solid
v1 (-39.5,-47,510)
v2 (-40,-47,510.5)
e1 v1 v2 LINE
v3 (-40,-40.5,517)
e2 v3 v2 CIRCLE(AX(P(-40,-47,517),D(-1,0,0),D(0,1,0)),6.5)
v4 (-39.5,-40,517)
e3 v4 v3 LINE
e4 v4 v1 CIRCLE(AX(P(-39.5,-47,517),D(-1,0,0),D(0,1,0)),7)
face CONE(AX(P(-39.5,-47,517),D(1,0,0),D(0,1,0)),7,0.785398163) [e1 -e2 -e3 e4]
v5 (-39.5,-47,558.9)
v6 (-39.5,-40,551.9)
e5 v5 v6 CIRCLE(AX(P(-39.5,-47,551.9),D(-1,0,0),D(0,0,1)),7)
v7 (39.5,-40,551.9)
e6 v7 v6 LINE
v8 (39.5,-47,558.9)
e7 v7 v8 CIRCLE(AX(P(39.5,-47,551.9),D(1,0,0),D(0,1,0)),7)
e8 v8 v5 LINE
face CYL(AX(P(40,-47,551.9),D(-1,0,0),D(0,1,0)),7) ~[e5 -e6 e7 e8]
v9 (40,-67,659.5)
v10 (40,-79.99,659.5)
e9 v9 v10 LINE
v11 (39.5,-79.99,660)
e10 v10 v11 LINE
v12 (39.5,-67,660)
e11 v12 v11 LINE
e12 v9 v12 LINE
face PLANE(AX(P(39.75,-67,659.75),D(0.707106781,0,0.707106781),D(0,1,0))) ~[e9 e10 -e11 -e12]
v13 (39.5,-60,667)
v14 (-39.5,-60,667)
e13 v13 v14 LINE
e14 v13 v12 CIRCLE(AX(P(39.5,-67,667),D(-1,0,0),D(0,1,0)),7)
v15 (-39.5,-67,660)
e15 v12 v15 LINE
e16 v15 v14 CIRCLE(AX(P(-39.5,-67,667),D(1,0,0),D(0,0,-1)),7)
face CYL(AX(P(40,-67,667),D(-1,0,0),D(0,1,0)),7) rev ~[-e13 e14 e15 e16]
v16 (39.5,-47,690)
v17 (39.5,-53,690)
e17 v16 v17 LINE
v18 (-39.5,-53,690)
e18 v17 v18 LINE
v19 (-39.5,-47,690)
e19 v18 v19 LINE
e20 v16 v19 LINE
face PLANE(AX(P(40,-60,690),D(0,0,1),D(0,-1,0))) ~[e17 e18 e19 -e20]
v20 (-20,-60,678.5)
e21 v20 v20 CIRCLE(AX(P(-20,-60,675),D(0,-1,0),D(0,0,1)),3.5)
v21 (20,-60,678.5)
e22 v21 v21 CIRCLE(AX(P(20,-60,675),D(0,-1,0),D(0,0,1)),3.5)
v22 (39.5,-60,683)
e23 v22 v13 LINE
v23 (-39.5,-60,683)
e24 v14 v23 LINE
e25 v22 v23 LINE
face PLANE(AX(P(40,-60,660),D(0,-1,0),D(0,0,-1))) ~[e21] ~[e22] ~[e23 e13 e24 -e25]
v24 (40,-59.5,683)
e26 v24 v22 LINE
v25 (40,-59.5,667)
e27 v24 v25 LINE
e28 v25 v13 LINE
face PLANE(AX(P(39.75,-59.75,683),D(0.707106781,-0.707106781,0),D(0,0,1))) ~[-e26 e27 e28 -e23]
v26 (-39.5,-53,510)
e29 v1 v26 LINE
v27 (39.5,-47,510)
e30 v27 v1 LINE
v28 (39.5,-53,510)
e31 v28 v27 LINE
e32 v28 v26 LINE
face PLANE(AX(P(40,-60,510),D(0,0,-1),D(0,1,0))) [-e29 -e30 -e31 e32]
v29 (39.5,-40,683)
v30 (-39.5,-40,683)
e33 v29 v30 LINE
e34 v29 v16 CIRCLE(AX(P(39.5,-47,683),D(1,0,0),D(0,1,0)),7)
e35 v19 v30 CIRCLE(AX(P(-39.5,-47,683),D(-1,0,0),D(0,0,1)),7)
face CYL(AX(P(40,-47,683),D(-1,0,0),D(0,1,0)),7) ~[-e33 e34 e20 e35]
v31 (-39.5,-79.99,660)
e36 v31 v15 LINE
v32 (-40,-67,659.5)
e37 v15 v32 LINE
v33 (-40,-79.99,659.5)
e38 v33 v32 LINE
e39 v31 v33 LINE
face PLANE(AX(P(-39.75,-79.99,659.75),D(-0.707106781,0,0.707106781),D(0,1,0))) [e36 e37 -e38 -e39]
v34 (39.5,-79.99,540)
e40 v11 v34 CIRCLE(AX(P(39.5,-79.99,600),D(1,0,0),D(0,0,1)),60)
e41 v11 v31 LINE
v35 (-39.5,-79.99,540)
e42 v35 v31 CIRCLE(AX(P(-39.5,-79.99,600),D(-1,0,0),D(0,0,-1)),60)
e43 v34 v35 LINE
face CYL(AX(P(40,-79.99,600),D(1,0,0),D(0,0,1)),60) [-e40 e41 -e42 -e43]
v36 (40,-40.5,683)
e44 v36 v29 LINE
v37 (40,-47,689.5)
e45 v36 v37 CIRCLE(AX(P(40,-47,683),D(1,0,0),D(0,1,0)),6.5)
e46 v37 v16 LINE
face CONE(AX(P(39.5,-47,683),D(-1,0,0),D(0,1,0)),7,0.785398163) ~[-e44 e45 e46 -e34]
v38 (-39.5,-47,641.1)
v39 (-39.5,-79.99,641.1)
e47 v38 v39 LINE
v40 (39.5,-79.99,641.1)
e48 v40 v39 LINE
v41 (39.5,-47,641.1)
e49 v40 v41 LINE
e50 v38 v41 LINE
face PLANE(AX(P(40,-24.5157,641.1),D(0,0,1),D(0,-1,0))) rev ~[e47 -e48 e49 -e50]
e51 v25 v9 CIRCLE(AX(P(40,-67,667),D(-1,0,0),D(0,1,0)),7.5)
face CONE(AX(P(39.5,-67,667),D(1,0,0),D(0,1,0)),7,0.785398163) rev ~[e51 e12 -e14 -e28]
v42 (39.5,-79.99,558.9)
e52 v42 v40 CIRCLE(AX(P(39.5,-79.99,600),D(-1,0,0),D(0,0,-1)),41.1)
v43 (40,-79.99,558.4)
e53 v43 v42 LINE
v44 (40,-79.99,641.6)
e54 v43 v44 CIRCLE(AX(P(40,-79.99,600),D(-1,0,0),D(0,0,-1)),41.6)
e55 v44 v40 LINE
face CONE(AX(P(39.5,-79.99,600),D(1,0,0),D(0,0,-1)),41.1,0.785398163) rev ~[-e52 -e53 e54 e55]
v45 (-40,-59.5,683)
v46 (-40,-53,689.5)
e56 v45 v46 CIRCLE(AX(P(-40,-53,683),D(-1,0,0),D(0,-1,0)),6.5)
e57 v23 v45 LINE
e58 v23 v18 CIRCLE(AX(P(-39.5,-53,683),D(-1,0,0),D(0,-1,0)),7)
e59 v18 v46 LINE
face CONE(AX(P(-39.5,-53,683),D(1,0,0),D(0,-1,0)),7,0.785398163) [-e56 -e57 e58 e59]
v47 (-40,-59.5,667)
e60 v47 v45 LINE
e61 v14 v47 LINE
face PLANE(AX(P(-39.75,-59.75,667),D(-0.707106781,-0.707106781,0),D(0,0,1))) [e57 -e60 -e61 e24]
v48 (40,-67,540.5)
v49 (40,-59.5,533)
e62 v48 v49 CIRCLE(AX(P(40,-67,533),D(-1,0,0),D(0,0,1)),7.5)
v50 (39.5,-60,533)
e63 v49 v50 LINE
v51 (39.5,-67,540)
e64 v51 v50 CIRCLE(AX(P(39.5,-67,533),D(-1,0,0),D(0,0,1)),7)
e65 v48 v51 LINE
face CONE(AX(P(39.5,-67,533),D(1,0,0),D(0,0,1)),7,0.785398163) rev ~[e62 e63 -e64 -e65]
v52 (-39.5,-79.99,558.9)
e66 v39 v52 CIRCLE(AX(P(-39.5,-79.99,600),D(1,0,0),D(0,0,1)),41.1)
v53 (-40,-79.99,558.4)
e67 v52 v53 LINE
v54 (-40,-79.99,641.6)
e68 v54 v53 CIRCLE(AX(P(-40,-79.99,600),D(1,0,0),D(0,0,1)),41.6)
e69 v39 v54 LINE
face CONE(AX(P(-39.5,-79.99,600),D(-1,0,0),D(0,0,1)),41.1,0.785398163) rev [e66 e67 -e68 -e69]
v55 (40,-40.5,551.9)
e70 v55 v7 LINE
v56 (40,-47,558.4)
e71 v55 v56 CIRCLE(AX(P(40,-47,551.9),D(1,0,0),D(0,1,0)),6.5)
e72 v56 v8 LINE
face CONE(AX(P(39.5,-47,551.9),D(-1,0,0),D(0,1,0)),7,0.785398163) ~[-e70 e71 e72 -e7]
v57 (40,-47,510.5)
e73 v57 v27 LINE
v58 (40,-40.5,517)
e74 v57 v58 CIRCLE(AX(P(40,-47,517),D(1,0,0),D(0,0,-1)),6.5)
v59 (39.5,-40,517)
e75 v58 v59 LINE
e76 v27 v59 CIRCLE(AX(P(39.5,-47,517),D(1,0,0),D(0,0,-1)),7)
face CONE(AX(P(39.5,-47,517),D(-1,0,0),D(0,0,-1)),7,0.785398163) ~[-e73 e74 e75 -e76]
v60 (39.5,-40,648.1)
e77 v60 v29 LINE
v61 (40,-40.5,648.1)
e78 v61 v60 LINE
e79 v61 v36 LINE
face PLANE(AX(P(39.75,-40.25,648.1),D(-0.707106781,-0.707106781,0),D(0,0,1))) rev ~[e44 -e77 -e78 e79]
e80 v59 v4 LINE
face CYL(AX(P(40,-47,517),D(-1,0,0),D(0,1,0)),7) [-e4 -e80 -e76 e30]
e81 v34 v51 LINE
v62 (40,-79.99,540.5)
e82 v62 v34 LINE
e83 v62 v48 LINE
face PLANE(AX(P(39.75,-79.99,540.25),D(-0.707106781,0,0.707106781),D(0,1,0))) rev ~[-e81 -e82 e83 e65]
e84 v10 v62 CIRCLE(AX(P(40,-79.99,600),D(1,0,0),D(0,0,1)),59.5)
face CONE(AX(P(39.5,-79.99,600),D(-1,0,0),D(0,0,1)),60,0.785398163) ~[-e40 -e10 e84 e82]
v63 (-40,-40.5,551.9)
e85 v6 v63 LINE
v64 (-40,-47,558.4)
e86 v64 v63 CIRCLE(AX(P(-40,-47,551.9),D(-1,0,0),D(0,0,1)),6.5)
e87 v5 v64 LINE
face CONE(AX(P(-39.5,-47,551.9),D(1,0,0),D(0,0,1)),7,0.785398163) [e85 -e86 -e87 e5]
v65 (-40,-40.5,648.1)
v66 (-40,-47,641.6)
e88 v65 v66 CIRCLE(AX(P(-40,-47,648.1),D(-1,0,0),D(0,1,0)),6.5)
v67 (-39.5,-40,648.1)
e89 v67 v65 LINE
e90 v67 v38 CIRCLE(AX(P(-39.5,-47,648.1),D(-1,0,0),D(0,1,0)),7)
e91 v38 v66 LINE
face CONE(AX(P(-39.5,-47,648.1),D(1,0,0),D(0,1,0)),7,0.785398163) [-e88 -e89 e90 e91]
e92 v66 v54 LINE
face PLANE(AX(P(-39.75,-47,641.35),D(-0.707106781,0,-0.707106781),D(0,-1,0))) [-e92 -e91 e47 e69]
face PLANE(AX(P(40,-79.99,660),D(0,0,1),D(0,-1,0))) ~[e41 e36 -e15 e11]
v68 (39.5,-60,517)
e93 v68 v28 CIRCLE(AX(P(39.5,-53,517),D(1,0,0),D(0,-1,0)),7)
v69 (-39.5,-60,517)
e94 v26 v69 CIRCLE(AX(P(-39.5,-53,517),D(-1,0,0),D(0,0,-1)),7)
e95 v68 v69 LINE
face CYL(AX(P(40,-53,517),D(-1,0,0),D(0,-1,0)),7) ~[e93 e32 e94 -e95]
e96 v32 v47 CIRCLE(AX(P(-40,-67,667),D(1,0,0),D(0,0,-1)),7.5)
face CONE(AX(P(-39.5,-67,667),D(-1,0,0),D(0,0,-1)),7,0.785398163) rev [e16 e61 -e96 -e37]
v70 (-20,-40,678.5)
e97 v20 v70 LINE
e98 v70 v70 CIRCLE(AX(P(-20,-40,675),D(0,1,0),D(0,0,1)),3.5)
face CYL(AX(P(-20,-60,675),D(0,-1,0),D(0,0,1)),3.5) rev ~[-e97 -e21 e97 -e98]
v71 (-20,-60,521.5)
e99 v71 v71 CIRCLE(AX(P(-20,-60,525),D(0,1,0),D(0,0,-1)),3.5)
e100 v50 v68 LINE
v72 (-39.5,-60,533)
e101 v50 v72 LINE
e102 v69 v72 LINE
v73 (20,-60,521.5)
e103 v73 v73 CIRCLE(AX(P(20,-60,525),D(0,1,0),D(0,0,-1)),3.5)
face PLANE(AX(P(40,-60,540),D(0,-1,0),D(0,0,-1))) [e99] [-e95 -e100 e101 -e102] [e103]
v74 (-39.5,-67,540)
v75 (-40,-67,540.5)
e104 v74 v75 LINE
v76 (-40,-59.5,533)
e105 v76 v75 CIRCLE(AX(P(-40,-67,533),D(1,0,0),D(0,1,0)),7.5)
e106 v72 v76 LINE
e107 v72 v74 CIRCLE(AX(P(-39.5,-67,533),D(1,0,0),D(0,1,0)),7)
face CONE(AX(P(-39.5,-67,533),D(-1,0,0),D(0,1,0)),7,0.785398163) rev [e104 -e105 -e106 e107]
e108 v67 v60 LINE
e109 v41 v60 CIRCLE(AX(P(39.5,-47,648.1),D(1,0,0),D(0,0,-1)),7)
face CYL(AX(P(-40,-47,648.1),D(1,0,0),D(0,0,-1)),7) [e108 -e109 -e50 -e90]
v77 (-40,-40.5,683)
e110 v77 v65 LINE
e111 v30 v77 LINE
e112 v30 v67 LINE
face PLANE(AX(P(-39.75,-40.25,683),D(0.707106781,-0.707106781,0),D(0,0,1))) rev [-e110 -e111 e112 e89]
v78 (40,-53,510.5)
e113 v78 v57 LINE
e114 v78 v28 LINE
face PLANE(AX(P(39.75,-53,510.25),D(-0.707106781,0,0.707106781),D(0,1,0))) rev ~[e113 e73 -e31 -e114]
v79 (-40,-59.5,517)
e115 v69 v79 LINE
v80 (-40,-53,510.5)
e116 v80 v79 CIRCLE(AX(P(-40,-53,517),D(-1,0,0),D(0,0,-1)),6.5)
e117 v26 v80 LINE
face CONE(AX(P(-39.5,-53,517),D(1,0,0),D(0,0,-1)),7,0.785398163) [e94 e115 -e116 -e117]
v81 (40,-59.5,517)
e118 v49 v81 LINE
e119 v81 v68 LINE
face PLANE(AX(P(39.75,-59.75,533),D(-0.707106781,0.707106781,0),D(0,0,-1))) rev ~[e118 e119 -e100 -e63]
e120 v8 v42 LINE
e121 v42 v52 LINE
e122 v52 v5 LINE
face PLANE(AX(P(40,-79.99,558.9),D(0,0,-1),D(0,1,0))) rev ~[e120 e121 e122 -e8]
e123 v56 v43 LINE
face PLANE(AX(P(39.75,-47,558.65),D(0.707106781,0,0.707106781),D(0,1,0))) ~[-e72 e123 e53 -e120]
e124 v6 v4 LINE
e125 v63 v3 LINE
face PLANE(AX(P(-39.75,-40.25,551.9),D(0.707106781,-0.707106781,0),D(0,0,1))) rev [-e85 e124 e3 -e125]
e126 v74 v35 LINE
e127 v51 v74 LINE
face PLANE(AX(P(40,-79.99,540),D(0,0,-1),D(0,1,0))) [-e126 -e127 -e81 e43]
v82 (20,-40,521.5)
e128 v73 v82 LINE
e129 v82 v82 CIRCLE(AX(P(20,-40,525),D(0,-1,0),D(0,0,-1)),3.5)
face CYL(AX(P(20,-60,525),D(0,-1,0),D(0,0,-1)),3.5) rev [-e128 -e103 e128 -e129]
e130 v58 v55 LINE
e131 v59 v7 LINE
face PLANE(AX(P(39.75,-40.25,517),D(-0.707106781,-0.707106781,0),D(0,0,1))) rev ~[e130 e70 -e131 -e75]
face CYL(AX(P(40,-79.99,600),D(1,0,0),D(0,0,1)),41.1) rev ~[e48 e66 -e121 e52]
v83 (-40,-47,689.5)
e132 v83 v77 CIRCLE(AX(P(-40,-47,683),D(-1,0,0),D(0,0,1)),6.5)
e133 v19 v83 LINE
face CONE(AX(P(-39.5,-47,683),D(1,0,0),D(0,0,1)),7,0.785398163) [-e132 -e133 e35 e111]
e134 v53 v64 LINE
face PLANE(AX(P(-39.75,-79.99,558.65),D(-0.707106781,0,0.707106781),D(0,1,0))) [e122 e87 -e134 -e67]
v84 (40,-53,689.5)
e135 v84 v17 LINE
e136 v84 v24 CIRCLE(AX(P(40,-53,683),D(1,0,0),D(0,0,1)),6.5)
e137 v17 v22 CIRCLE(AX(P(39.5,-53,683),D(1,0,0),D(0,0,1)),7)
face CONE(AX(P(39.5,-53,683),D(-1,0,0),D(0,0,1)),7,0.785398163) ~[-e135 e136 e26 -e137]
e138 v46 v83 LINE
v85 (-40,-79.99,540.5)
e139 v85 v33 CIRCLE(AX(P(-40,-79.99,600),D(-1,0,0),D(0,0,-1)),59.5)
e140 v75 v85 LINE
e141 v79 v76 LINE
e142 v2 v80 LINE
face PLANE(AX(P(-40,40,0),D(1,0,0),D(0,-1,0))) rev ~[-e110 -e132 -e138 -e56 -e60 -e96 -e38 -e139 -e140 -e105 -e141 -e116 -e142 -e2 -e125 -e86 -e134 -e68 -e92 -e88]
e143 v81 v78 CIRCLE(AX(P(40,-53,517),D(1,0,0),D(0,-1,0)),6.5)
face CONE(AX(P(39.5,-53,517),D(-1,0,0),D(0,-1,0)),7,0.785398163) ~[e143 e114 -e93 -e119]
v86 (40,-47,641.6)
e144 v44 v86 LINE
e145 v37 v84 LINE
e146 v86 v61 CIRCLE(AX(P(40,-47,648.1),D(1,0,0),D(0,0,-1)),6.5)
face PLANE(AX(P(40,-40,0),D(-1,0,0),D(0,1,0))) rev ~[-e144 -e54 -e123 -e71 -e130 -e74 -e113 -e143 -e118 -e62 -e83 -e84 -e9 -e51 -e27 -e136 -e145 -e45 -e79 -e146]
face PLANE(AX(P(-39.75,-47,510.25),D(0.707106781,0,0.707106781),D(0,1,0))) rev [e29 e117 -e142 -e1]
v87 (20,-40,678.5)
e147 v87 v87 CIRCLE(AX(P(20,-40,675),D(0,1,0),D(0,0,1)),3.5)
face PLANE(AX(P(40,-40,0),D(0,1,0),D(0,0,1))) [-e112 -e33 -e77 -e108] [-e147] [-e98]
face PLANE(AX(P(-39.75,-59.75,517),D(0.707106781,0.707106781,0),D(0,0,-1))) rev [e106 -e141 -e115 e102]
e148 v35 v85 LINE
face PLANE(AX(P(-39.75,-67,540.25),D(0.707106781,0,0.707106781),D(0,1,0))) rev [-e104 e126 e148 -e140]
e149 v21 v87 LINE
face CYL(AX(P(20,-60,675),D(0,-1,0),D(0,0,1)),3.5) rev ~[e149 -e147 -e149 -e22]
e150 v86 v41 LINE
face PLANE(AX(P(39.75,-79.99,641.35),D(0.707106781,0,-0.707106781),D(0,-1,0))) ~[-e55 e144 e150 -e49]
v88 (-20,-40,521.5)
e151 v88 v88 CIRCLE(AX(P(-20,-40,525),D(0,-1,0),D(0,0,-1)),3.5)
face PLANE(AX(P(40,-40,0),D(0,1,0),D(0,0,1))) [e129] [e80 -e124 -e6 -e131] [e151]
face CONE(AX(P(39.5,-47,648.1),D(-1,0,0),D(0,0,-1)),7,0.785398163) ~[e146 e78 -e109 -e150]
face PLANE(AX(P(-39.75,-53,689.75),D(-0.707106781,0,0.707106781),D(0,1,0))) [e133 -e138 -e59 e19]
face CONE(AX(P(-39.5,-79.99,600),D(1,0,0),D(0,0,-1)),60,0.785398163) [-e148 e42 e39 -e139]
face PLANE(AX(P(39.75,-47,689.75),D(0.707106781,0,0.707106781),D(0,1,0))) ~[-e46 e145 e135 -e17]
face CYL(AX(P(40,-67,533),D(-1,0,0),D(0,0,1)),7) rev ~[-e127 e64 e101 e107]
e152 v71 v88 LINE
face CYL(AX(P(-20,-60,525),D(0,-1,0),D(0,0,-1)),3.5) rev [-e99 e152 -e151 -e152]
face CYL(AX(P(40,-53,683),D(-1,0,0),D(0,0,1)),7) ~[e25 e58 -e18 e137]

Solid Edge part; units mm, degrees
sketch "Sketch1" plane through (0, 0, 0) normal (0, 0, 1) x (1, 0, 0)
  line L0 (40, -40) -> (40, 40)
  line L1 (40, 40) -> (-40, 40)
  line L2 (-40, 40) -> (-40, -40)
  line L3 (-40, -40) -> (40, -40)
extrude "Protrusion1" add sketch "Sketch1" along normal blind 700
extrude "Extrusionsausschnitt_1" [suppressed]
sketch "Sketch2" plane through (40, 0, 350) normal (1, 0, 0) x (0, 0, 1)
  circle A0 centre (250, 79.99) radius 60
  circle A1 centre (250, 79.99) radius 41.1
  dimension "D1" = 79.99
  dimension "D2" = 120
  dimension "D3" = 82.2
  dimension "D4" = 600
extrude "Protrusion2" add sketch "Sketch2" against normal up to vertex (80 mm away)
sketch "Sketch3" plane through (40, -55, 350) normal (1, 0, 0) x (0, 0, 1)
  line L0 (190, 5) -> (160, 5)
  line L1 (160, 5) -> (160, -15)
  line L2 (160, -15) -> (218.8953, -15)
  line L3 (218.8953, -15) -> (190, 24.99)
  line L4 (190, 24.99) -> (190, 5)
extrude "Protrusion3" add sketch "Sketch3" against normal up to vertex (80 mm away)
mirror "Mirror1" about plane through (0, 0, 600) normal (0, 0, 1) of "Protrusion3"
hole "Bohrung_1" [suppressed]
hole "Hole1" [suppressed]
mirror "Mirror2" [suppressed]
sketch "Sketch4" plane through (0, 0, 700) normal (0, 0, 1) x (-1, 0, 0)
  circle A0 centre (0, 0) radius 5
extrude "Extrusionsausschnitt_2" cut sketch "Sketch4" against normal blind 36.6109
sketch "Sketch5" plane through (40, -55, 350) normal (1, 0, 0) x (0, 0, -1)
  line L0 (-350, 95) -> (350, 95)
  line L1 (350, 95) -> (350, 15)
  line L2 (350, 15) -> (-350, 15)
  line L3 (-350, 15) -> (-350, 95)
extrude "Extrusionsausschnitt_3" cut sketch "Sketch5" against normal blind 305.8385
sketch "Sketch6" plane through (40, -89.995, 600) normal (1, 0, 0) x (0, 0, 1)
  line L0 (41.1, -65.4793) -> (41.1, -10.005)
  line L1 (41.1, -10.005) -> (-41.1, -10.005)
  line L2 (-41.1, -10.005) -> (-41.1, -65.4793)
  line L3 (-41.1, -65.4793) -> (41.1, -65.4793)
extrude "Extrusionsausschnitt_4" cut sketch "Sketch6" against normal blind 204.5794
hole "Bohrung_3" at (20, -60, 525) direction (0, 1, 0) diameter 7 end up to next
hole "Hole2" at (-20, -60, 525) direction (0, 1, 0) diameter 7 end up to next
mirror "Mirror3" about plane through (0, 0, 600) normal (0, 0, 1) of "Bohrung_3", "Hole2"
fillet "Verrundung_1" radius 7 8 edges at (0, -40, 641.1) (0, -40, 690) (0, -60, 690) (0, -60, 540) (0, -60, 510) (0, -40, 510) (0, -40, 558.9) (0, -60, 660)
chamfer "Fase_1" distance 0.5 angle 45 40 edges at (40, -40, 534.45) (40, -42.0503, 556.8497) (40, -63.495, 558.9) (40, -121.09, 600) (40, -63.495, 641.1) (40, -42.0503, 643.1503) (40, -40, 665.55) (40, -42.0503, 687.9497) (40, -50, 690) (40, -57.9497, 687.9497) (40, -60, 675) (40, -62.0503, 662.0503) (40, -73.495, 660) (40, -139.99, 600) (40, -73.495, 540) (40, -62.0503, 537.9497) (40, -60, 525) (40, -57.9497, 512.0503) (40, -50, 510) (40, -42.0503, 512.0503) (-40, -63.495, 558.9) (-40, -42.0503, 556.8497) (-40, -40, 534.45) (-40, -42.0503, 512.0503) (-40, -50, 510) (-40, -57.9497, 512.0503) (-40, -60, 525) (-40, -62.0503, 537.9497) (-40, -73.495, 540) (-40, -139.99, 600) (-40, -73.495, 660) (-40, -62.0503, 662.0503) (-40, -60, 675) (-40, -57.9497, 687.9497) (-40, -50, 690) (-40, -42.0503, 687.9497) (-40, -40, 665.55) (-40, -42.0503, 643.1503) (-40, -63.495, 641.1) (-40, -121.09, 600)
